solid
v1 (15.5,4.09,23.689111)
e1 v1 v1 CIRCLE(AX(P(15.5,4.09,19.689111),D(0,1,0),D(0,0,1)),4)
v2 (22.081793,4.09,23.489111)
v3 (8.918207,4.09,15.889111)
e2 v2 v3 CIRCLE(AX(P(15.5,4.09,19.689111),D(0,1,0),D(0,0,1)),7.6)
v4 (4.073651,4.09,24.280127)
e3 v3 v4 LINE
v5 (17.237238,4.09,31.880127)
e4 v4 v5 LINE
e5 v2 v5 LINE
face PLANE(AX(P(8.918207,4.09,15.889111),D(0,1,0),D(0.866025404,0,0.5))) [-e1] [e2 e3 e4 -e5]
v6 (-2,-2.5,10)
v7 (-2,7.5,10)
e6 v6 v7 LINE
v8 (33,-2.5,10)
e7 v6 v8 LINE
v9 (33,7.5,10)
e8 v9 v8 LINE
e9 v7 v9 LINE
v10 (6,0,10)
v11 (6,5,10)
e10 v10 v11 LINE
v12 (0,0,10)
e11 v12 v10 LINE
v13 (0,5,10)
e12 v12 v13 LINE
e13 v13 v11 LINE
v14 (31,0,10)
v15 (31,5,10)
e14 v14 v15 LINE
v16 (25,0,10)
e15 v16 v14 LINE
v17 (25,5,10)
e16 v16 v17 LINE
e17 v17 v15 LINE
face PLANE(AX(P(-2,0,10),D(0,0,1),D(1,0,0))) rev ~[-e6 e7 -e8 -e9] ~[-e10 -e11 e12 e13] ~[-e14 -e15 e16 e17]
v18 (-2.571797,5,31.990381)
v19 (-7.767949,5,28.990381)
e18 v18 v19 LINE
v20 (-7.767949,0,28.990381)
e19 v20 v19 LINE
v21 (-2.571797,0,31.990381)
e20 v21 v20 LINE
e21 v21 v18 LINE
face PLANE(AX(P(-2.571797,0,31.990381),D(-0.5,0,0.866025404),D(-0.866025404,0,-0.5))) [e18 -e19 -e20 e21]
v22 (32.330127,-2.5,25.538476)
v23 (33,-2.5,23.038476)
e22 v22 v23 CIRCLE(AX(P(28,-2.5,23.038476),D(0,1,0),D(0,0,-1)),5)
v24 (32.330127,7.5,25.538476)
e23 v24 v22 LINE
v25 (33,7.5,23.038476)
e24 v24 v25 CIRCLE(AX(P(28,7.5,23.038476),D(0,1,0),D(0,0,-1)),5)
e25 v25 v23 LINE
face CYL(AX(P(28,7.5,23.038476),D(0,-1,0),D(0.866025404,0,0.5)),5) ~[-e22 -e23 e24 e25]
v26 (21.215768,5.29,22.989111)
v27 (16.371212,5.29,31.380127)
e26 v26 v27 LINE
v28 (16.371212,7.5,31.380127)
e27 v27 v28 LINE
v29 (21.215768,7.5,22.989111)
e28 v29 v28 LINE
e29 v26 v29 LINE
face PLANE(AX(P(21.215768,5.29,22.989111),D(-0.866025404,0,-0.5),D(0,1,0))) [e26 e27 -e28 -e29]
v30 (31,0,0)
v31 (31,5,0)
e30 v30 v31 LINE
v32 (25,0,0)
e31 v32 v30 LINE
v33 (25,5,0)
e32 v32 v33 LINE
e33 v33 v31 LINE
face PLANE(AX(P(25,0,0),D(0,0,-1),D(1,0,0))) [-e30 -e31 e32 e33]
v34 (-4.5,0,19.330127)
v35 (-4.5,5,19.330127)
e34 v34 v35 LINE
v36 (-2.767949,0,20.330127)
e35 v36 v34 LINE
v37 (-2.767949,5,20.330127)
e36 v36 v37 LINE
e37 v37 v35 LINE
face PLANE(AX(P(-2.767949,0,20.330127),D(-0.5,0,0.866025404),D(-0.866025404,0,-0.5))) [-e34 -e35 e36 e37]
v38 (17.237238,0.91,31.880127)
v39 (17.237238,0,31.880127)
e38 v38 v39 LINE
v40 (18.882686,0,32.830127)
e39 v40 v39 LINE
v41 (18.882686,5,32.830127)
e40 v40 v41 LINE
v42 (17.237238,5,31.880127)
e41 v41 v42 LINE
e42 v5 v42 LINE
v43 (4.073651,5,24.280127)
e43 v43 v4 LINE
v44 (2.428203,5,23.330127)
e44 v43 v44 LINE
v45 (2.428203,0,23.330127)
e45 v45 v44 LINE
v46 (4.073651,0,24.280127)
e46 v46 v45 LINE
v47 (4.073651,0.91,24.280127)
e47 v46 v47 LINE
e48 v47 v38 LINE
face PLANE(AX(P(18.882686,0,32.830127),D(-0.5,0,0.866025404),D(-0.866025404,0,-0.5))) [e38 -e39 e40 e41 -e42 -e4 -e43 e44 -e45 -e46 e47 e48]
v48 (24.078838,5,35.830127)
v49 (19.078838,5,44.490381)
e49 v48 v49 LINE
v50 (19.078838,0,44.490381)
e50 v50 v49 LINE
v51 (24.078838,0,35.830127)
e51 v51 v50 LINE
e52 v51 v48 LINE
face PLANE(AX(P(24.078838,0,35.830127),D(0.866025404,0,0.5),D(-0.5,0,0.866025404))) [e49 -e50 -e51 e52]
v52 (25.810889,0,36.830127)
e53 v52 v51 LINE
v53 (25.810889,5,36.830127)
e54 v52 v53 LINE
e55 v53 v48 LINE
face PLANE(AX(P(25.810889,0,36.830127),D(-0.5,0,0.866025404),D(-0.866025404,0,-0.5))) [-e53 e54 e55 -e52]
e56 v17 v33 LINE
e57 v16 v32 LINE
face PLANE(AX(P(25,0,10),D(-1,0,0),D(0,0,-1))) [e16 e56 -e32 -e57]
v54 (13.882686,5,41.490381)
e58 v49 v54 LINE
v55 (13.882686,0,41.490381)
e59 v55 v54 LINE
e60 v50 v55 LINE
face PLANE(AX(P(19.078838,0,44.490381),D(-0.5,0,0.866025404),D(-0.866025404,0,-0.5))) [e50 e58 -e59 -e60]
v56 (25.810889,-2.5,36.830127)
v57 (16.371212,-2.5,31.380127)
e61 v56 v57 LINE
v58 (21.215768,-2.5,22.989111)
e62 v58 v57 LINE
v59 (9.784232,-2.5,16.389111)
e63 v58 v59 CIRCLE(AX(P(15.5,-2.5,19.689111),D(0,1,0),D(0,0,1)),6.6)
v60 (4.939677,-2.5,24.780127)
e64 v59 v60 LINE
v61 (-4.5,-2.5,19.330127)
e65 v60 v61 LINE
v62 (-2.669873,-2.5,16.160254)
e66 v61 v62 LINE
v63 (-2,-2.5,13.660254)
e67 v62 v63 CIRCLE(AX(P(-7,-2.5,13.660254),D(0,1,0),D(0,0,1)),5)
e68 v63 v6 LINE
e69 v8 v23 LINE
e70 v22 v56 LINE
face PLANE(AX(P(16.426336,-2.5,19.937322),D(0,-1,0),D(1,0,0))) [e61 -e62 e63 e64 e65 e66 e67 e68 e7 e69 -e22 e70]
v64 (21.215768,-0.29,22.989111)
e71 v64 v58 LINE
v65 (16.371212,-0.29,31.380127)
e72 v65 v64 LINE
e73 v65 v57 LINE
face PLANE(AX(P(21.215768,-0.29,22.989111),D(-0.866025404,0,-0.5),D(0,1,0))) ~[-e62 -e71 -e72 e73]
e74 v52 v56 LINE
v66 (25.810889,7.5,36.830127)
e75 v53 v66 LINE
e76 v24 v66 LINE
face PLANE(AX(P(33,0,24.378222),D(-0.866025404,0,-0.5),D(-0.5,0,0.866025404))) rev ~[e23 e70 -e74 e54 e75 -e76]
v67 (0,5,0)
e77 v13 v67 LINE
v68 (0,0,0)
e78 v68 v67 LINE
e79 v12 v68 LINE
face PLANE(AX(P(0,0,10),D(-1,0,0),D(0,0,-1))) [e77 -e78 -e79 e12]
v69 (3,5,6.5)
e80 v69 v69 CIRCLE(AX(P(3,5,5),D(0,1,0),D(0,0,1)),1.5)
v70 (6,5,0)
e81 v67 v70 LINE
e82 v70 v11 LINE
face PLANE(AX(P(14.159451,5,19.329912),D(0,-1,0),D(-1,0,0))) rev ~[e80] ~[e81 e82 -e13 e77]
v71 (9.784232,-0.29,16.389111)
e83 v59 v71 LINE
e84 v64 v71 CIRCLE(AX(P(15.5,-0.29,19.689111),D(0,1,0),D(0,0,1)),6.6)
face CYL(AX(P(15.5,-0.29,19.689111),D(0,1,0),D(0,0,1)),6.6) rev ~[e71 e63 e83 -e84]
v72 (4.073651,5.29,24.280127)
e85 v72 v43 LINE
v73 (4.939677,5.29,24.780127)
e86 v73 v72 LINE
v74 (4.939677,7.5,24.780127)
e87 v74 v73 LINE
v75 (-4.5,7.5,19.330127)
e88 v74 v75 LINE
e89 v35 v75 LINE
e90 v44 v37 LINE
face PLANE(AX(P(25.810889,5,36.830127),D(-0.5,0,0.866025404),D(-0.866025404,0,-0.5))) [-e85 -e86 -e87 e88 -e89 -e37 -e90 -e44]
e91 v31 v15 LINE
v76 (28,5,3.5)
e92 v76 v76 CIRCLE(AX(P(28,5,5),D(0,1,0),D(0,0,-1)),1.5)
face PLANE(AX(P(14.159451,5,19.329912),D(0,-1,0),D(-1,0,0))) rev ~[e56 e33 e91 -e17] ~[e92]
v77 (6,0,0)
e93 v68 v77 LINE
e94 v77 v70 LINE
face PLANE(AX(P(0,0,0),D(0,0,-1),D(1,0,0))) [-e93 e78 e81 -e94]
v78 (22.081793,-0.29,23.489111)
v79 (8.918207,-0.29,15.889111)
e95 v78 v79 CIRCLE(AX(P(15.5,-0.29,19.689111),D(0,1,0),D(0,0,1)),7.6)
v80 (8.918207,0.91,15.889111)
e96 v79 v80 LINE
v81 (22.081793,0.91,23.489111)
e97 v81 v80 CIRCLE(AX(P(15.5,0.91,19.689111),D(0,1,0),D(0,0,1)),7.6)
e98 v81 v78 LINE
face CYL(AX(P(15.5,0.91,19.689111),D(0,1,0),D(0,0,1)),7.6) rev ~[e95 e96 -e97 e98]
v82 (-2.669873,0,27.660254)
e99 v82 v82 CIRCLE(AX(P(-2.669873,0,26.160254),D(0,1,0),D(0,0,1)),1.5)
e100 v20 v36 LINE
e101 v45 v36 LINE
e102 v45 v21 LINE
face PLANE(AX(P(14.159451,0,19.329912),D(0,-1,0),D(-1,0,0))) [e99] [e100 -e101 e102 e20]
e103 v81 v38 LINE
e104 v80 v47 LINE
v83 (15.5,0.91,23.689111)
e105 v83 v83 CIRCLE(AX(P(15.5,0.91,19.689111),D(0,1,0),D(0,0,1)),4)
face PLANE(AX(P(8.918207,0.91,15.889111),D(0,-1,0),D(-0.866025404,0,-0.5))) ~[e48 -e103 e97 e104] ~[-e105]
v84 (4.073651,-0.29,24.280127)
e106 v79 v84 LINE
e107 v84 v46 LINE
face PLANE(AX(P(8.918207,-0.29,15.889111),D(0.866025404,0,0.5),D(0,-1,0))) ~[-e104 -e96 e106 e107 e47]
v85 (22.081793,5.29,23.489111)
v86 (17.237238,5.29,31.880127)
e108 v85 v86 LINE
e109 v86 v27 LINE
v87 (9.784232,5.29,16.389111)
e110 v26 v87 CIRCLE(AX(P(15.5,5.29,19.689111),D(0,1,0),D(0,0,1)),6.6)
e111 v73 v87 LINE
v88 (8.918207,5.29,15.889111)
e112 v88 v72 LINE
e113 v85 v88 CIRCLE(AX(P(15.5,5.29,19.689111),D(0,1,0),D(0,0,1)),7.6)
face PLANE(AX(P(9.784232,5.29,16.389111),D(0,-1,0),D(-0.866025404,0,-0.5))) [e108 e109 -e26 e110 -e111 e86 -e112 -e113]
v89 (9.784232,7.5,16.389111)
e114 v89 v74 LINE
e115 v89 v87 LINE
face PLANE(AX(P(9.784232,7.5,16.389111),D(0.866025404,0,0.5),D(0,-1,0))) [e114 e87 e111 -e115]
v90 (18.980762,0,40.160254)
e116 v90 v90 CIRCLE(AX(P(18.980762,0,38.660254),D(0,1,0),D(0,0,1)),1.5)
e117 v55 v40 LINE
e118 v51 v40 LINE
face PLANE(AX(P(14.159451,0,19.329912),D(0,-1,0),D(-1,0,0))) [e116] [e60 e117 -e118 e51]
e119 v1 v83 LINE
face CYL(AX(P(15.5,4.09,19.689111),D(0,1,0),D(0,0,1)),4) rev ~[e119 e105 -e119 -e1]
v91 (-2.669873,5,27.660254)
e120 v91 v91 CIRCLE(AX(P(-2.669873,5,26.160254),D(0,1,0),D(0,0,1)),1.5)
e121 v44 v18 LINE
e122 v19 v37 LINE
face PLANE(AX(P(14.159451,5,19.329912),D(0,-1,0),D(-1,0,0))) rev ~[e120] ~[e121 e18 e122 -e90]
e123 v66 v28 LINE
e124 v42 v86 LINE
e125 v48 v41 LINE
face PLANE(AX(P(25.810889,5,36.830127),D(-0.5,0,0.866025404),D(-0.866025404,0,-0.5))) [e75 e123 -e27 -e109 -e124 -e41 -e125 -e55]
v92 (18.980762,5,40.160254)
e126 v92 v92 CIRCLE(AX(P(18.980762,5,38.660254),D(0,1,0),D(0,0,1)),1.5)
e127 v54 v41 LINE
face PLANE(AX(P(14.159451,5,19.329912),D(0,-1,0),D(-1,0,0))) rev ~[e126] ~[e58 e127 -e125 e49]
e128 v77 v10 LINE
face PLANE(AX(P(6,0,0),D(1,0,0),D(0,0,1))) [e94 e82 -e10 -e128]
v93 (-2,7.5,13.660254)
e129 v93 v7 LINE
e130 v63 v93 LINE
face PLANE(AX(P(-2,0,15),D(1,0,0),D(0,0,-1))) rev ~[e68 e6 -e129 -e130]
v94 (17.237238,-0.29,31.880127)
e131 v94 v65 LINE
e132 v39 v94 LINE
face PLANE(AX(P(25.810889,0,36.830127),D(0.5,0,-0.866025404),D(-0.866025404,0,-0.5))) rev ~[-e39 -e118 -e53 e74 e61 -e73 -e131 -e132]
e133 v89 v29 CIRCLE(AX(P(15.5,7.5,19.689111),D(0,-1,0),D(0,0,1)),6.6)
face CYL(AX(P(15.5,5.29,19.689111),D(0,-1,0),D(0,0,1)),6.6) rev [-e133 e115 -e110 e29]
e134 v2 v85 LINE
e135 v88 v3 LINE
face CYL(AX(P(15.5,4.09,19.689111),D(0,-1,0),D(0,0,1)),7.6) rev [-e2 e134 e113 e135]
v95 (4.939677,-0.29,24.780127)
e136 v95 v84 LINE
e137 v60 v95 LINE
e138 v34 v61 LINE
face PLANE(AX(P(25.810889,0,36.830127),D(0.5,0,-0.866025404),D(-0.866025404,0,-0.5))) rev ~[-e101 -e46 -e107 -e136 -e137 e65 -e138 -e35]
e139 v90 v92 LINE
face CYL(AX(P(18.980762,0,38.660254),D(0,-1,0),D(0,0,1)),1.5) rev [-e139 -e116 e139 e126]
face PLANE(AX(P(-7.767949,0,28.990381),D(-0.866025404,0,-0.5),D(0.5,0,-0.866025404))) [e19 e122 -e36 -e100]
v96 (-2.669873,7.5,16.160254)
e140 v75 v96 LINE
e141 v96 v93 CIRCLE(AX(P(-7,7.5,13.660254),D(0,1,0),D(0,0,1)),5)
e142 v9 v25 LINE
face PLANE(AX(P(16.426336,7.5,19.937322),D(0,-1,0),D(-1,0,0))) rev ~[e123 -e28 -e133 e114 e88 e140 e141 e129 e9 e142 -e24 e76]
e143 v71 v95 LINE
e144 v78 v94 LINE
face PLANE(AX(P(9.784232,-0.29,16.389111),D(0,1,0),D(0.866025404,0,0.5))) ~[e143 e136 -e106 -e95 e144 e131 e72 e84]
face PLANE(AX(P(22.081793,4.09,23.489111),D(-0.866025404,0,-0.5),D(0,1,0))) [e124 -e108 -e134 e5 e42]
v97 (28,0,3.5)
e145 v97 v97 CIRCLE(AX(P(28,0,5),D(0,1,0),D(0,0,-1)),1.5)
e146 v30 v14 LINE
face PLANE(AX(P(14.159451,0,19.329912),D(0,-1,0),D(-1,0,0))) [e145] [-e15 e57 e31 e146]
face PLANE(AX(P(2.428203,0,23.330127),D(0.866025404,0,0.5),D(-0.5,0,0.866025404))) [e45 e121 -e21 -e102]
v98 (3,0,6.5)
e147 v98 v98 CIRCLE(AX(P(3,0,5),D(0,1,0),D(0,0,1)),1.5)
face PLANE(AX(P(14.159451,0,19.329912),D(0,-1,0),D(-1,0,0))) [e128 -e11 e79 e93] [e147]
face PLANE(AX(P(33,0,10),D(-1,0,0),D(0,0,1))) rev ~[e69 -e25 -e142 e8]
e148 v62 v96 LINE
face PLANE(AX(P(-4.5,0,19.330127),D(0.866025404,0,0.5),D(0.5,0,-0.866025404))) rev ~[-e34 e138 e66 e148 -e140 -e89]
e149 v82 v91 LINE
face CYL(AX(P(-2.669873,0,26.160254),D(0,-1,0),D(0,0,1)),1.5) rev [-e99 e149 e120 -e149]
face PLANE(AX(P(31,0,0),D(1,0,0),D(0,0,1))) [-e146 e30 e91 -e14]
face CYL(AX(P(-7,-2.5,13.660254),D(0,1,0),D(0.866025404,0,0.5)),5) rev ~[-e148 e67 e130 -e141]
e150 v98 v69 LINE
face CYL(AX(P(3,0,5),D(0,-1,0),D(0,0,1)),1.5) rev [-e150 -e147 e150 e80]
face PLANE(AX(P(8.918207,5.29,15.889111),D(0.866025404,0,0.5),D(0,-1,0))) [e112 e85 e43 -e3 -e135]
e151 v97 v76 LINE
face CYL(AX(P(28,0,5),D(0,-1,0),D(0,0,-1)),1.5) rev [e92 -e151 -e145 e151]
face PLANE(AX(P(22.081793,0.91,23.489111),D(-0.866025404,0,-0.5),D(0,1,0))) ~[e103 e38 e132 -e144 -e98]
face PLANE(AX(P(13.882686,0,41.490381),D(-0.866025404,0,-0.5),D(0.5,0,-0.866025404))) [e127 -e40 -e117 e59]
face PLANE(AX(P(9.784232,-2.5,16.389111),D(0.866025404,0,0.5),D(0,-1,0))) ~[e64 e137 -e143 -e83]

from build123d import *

# Parameters (mm, degrees)
SKETCH1_R           = 1.5
BOSS_EXTRUDE1_DEPTH = 5
BOSS_EXTRUDE2_DEPTH = 2.5
BOSS_EXTRUDE3_DEPTH = 2.5
SKETCH6_R           = 7.6
CUT_EXTRUDE1_DEPTH  = 1.2
SKETCH8_R           = 6.6
CUT_EXTRUDE2_DEPTH  = 56.938163239
CUT_EXTRUDE5_START  = -9.689111
CUT_EXTRUDE5_DEPTH  = 9.689111
FILLET1_R           = 5
SKETCH9_R           = 4
CUT_EXTRUDE6_DEPTH  = 56.783708254


with BuildPart() as part:
    # Sketch1 → Boss-Extrude1 (new body)
    with BuildSketch(Plane(origin=(0, 0, 0), x_dir=(1, 0, 0), z_dir=(0, 1, 0))):
        Polygon((0, 0), (6, 0), (6, -10), (25, -10), (25, 0), (31, 0), (31, -10), (33, -10), (33, -24.378221735), (25.810889132, -36.830127019), (24.078838325, -35.830127019), (19.078838325, -44.490381057), (13.882685902, -41.490381057), (18.882685902, -32.830127019), (2.42820323, -23.330127019), (-2.57179677, -31.990381057), (-7.767949192, -28.990381057), (-2.767949192, -20.330127019), (-4.5, -19.330127019), (-2, -15), (-2, -10), (0, -10), align=None)
        with Locations(Location((3, -5, 0), (0, 0, 270))):
            Circle(SKETCH1_R, mode=Mode.SUBTRACT)
        with Locations(Location((28, -5, 0), (0, 0, 90))):
            Circle(SKETCH1_R, mode=Mode.SUBTRACT)
        with Locations(Location((-2.669872981, -26.160254038, 0), (0, 0, 270))):
            Circle(SKETCH1_R, mode=Mode.SUBTRACT)
        with Locations(Location((18.980762114, -38.660254038, 0), (0, 0, 270))):
            Circle(SKETCH1_R, mode=Mode.SUBTRACT)
    extrude(amount=BOSS_EXTRUDE1_DEPTH)

    # Sketch2 → Boss-Extrude2 (add)
    with BuildSketch(Plane(origin=(0, 5, 0), x_dir=(1, 0, 0), z_dir=(0, 1, 0))):
        Polygon((-2, -10), (33, -10), (33, -24.378221735), (25.810889132, -36.830127019), (-4.5, -19.330127019), (-2, -15), align=None)
    extrude(amount=BOSS_EXTRUDE2_DEPTH)

    # Sketch3 → Boss-Extrude3 (add)
    with BuildSketch(Plane.XZ):
        Polygon((-2, 10), (33, 10), (33, 24.378221735), (25.810889132, 36.830127019), (-4.5, 19.330127019), (-2, 15), align=None)
    extrude(amount=BOSS_EXTRUDE3_DEPTH)

    # Sketch6 → Cut-Extrude1 (cut)
    with BuildSketch(Plane(origin=(0, 4.09, 0), x_dir=(1, 0, 0), z_dir=(0, 1, 0))):
        with Locations(Location((15.5, -19.689110868, 0), (0, 0, 270))):
            Circle(SKETCH6_R)
    cut_extrude1 = extrude(amount=CUT_EXTRUDE1_DEPTH, mode=Mode.SUBTRACT)

    # Sketch8 → Cut-Extrude2 (cut, through all)
    with BuildSketch(Plane(origin=(0, 5.29, 0), x_dir=(1, 0, 0), z_dir=(0, 1, 0))):
        with Locations(Location((15.5, -19.689110868, 0), (0, 0, 270))):
            Circle(SKETCH8_R)
    cut_extrude2 = extrude(amount=CUT_EXTRUDE2_DEPTH, mode=Mode.SUBTRACT)

    # Sketch5 → Cut-Extrude5 (cut)
    with BuildSketch(Plane(origin=(-9.495190528, 0, 16.446152423), x_dir=(0.8660254037844386, 0, 0.5000000000000003), z_dir=(-0.5000000000000003, 0, 0.8660254037844386)).offset(CUT_EXTRUDE5_START)):
        Polygon((16.667949192, 7.5), (16.667949192, 5.29), (15.667949192, 5.29), (15.667949192, 4.09), (23.267949192, 4.09), (30.867949192, 4.09), (30.867949192, 5.29), (29.867949192, 5.29), (29.867949192, 7.5), align=None)
    cut_extrude5 = extrude(amount=CUT_EXTRUDE5_DEPTH, mode=Mode.SUBTRACT)

    # Mirror1: Cut-Extrude1, Cut-Extrude2, Cut-Extrude5 across plane
    add(cut_extrude1.mirror(Plane.ZX.offset(2.5)), mode=Mode.SUBTRACT)
    add(cut_extrude2.mirror(Plane.ZX.offset(2.5)), mode=Mode.SUBTRACT)
    add(cut_extrude5.mirror(Plane.ZX.offset(2.5)), mode=Mode.SUBTRACT)

    # Fillet1
    fillet1_edges = [part.edges().sort_by_distance(p)[0] for p in [
        (33, 2.5, 24.378221735),
        (-2, 2.5, 15),
    ]]
    fillet(fillet1_edges, radius=FILLET1_R)

    # Sketch9 → Cut-Extrude6 (cut, through all)
    with BuildSketch(Plane(origin=(0, 4.09, 0), x_dir=(1, 0, 0), z_dir=(0, 1, 0))):
        with Locations(Location((15.5, -19.689110868, 0), (0, 0, 270))):
            Circle(SKETCH9_R)
    extrude(amount=-CUT_EXTRUDE6_DEPTH, mode=Mode.SUBTRACT)


solid = part.part
